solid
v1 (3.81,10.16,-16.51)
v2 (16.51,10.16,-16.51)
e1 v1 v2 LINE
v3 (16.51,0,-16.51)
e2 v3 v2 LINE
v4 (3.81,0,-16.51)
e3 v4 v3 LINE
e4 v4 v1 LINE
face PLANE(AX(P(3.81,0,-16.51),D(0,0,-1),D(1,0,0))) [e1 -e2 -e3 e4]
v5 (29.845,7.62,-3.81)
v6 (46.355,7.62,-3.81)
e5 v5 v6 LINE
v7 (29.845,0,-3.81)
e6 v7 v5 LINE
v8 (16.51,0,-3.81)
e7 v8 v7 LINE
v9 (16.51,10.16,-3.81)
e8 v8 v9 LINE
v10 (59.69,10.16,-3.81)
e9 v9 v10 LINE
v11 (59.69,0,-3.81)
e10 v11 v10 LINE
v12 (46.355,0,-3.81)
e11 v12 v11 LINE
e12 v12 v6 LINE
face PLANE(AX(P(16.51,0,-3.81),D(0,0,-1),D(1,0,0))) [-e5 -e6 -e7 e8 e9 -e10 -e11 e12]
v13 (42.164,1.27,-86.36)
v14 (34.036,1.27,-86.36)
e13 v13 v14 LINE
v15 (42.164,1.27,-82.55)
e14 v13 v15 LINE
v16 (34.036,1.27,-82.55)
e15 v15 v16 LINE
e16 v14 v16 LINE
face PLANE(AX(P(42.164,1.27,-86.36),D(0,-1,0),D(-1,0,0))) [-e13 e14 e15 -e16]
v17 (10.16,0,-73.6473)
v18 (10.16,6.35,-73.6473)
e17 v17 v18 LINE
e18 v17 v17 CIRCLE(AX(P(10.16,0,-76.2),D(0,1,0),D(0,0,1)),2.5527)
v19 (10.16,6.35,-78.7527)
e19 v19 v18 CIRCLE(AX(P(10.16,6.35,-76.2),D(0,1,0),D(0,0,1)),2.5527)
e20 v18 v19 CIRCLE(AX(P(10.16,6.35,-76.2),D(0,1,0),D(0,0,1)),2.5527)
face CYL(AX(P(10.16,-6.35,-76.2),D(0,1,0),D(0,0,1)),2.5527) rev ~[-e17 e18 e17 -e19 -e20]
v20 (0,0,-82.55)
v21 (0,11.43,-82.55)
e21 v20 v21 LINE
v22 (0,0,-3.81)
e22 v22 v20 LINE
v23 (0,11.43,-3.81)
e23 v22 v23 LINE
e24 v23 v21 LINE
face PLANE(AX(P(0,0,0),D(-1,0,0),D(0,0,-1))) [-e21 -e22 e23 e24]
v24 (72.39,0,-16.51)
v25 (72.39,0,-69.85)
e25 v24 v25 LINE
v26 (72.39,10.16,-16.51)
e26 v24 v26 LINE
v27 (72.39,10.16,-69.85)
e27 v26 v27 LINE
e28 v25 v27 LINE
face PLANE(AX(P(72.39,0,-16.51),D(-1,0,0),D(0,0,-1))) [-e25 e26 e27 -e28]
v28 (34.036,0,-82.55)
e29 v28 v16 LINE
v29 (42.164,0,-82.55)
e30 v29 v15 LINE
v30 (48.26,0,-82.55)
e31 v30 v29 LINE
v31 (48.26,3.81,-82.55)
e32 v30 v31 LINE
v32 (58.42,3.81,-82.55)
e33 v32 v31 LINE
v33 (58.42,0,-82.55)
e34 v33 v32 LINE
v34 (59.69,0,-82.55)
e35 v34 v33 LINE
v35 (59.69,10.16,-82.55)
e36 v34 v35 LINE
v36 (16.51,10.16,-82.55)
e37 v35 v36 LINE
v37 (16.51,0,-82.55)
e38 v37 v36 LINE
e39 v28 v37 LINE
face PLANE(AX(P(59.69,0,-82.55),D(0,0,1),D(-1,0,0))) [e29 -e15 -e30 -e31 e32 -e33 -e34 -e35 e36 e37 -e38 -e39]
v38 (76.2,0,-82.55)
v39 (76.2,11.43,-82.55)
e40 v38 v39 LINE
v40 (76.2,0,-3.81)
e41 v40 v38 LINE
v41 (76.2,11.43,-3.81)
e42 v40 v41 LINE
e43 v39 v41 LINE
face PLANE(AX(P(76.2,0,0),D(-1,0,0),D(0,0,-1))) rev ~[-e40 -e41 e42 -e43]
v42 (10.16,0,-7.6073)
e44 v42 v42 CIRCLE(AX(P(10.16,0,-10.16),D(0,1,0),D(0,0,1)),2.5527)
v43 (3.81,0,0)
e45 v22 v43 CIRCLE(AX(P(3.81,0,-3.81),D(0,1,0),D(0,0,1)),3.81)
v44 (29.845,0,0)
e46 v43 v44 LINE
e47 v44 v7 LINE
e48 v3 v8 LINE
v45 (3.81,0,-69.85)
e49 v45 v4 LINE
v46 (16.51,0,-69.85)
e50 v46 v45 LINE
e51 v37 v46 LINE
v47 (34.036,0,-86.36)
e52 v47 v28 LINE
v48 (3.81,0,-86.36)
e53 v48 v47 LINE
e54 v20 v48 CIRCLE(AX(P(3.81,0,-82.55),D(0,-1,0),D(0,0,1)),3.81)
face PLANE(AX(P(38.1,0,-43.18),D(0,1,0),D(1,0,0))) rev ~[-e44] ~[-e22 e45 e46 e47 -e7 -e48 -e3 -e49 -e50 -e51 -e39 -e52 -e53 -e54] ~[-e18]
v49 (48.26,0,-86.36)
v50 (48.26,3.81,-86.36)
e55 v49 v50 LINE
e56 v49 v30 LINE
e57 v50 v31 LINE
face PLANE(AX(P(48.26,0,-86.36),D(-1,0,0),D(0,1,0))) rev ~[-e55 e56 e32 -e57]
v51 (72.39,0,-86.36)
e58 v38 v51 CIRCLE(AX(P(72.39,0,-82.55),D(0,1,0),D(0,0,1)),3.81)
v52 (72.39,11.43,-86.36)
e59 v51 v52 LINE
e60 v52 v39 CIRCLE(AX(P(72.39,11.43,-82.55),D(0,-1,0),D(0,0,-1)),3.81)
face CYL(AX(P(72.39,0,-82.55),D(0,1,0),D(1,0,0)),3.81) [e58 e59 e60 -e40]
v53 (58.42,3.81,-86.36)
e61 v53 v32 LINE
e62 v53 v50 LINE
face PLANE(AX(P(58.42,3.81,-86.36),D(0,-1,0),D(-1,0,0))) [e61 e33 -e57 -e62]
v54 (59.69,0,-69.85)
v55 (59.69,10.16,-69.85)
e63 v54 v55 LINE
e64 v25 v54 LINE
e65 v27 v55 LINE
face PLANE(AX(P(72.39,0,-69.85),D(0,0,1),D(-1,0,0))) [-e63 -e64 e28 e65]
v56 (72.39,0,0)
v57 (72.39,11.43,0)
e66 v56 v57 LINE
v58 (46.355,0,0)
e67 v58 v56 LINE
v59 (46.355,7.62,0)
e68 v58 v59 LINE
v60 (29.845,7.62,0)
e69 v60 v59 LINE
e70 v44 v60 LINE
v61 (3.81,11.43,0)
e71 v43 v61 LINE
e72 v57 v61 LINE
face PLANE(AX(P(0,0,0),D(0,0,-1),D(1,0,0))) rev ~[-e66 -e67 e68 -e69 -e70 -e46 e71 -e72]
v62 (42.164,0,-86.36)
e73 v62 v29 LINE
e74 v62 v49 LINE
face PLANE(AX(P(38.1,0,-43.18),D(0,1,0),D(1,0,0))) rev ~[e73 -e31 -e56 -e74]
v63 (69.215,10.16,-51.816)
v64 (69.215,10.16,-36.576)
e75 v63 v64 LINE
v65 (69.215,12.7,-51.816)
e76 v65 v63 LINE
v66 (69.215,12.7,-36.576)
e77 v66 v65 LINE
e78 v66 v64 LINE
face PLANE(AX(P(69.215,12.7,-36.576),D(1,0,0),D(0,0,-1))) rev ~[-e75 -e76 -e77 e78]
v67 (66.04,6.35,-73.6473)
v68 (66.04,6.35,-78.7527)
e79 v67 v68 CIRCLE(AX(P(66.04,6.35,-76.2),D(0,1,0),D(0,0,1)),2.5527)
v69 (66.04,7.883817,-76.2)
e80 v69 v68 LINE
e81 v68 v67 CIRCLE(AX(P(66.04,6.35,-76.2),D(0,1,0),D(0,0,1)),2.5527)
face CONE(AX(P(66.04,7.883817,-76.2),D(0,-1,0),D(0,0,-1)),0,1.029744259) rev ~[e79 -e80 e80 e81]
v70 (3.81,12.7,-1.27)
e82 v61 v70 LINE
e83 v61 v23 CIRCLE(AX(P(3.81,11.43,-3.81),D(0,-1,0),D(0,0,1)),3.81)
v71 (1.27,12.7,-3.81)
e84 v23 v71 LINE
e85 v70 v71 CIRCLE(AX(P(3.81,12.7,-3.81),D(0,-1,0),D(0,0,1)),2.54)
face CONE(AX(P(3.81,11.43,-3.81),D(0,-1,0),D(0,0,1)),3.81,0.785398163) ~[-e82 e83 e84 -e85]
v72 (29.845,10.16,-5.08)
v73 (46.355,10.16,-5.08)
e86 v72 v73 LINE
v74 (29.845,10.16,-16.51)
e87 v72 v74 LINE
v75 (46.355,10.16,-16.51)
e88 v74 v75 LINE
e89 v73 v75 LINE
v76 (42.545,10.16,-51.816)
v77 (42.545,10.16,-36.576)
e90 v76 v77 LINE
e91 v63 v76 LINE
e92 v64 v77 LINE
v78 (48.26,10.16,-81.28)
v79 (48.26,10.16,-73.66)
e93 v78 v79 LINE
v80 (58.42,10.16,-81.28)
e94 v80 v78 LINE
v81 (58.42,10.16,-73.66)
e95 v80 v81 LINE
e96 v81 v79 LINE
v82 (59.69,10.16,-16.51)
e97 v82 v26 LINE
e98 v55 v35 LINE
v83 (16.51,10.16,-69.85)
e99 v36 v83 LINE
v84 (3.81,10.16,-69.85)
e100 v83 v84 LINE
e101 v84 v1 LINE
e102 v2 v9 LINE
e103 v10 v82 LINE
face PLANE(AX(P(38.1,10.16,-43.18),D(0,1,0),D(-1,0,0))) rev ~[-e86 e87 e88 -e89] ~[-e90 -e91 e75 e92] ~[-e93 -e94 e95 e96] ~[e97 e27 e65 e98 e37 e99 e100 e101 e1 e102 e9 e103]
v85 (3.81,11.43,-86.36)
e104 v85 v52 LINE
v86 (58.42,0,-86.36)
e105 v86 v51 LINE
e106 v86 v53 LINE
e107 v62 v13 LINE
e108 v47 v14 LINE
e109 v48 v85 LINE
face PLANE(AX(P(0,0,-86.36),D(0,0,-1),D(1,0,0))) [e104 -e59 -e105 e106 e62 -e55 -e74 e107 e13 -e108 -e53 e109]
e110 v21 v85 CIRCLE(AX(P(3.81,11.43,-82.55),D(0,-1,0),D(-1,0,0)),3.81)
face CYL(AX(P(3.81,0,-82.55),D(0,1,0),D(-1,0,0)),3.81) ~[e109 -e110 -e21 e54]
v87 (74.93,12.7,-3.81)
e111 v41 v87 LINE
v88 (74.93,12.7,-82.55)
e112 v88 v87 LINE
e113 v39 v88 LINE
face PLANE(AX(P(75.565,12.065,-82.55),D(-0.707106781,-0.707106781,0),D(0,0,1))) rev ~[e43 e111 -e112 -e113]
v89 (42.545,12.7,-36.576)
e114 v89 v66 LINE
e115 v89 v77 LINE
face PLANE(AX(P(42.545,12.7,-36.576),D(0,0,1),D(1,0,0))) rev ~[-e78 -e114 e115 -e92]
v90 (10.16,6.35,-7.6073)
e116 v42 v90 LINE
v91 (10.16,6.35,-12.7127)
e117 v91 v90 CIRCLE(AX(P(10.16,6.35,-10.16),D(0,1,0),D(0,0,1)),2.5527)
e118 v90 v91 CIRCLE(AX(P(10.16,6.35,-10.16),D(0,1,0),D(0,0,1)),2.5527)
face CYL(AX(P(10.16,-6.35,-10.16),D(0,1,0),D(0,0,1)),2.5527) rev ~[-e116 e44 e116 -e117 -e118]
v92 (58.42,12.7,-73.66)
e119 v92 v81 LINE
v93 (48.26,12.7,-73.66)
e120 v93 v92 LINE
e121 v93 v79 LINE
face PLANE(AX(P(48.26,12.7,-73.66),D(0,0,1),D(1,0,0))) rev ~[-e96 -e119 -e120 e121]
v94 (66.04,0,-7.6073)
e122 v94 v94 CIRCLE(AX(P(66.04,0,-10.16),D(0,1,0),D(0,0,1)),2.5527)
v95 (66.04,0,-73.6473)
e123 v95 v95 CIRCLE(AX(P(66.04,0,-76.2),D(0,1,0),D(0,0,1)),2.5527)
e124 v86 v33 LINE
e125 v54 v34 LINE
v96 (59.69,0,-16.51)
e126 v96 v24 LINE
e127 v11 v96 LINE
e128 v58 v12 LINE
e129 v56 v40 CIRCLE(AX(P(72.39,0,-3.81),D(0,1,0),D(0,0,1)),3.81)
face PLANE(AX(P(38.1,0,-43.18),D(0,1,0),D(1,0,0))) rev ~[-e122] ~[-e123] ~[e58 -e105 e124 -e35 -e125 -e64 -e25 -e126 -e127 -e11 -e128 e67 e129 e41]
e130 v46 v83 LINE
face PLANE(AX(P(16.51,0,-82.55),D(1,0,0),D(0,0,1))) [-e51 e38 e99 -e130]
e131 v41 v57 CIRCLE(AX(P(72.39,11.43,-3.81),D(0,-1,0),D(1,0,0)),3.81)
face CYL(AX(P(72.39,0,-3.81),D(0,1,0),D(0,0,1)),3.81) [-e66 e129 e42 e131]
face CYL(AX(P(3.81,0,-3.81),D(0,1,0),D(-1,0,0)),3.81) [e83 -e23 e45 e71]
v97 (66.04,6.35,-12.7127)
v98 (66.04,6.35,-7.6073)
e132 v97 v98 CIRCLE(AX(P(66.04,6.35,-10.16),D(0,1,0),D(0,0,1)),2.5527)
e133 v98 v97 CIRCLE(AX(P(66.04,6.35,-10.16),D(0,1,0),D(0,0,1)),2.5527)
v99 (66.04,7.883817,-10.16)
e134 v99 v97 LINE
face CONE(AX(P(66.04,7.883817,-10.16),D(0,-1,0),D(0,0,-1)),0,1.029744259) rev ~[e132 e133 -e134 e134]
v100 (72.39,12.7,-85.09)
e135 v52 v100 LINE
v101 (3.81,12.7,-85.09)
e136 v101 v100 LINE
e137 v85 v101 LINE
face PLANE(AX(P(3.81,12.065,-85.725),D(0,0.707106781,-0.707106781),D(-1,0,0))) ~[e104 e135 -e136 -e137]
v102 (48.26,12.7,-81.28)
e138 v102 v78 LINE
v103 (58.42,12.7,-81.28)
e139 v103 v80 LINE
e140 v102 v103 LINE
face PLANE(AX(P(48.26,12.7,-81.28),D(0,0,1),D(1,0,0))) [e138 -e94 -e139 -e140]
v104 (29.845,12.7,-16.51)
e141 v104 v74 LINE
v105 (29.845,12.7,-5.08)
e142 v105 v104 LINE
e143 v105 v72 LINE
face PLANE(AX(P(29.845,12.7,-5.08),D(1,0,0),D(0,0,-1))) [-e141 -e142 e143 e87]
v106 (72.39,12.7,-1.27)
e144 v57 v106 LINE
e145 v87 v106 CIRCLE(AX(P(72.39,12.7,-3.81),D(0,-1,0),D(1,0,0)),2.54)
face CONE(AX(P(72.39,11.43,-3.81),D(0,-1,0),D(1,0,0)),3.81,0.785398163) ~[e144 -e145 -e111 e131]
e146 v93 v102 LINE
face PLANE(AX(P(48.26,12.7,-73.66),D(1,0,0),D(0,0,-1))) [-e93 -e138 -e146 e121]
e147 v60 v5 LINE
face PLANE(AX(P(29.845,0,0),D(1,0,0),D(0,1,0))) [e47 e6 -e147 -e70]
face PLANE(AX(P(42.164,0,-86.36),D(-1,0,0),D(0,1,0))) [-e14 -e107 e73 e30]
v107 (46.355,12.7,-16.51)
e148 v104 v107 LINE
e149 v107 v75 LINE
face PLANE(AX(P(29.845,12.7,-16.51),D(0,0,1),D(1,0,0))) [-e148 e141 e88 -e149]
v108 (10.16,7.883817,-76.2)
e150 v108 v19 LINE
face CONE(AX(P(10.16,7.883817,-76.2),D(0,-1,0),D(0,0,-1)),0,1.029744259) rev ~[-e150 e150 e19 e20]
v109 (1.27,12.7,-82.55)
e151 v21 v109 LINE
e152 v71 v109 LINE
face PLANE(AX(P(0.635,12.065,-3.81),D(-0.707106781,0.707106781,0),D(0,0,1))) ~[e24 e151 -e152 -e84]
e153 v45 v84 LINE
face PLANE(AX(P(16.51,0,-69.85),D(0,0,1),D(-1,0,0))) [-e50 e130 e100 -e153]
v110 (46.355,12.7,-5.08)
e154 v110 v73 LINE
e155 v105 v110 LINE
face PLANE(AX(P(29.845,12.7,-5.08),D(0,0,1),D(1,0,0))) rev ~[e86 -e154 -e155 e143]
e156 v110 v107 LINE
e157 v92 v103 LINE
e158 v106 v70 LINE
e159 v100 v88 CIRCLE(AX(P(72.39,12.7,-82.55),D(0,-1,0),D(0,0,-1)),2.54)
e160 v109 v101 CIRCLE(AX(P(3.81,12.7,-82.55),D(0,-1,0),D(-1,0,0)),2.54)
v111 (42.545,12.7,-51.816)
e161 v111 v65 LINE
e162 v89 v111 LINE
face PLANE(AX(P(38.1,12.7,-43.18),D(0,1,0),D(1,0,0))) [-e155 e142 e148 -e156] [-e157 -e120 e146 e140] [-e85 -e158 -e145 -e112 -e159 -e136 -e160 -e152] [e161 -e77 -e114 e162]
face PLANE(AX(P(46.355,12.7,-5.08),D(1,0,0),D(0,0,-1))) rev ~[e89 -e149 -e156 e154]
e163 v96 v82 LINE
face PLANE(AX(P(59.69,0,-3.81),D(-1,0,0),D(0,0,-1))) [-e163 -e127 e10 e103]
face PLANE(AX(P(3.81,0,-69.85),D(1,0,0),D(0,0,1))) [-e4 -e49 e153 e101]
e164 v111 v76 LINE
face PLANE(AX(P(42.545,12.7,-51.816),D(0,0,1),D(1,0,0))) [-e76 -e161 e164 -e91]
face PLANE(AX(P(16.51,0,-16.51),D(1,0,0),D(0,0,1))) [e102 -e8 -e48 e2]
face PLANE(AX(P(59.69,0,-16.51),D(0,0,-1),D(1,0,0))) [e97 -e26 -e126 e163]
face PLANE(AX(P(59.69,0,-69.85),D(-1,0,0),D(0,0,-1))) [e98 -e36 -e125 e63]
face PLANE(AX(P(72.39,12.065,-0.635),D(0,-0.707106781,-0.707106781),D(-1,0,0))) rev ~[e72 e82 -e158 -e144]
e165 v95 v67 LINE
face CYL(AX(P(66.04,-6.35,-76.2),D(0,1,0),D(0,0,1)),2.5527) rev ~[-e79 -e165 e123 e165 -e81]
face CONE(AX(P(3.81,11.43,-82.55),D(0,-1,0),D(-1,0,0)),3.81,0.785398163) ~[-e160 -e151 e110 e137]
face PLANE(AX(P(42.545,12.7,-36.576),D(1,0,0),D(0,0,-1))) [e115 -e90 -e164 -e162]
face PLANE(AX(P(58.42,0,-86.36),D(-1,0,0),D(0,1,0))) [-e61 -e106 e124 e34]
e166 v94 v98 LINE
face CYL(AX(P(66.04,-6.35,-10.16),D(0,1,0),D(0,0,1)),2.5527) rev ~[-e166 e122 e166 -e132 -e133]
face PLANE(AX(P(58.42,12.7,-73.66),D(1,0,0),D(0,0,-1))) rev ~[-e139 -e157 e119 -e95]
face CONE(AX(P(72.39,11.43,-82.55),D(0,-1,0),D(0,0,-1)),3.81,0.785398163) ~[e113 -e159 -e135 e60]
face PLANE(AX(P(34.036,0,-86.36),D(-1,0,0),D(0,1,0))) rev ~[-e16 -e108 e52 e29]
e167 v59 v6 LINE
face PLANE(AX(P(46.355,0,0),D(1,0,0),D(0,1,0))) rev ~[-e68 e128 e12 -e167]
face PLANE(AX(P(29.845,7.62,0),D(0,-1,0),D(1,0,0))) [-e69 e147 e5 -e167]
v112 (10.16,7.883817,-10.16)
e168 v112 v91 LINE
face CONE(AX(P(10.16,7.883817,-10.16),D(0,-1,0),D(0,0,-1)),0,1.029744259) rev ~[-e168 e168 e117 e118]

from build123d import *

# Parameters (mm, degrees)
SKETCH1_W                   = 76.2
SKETCH1_H                   = 86.36
BOSS_EXTRUDE1_DEPTH         = 12.7
FILLET1_R                   = 3.81
CHAMFER1_SIZE               = 1.27
CUT_EXTRUDE1_DEPTH          = 10.16
SKETCH5_W                   = 16.51
SKETCH5_H                   = 11.43
CUT_EXTRUDE2_DEPTH          = 2.54
CUT_EXTRUDE3_REACH          = 117.87
SKETCH6_W                   = 16.51
SKETCH6_H                   = 7.62
CUT_EXTRUDE4_REACH          = 117.87
SKETCH8_W                   = 8.128
SKETCH8_H                   = 1.27
CUT_EXTRUDE5_REACH          = 117.87
SKETCH9_W                   = 10.16
SKETCH9_H                   = 3.81
CUT_EXTRUDE6_REACH          = 117.87
SKETCH10_W                  = 10.16
SKETCH10_H                  = 7.62
CUT_EXTRUDE7_REACH          = 117.87
SKETCH11_W                  = 26.67
SKETCH11_H                  = 15.24
F_1_4_20_TAPPED_HOLE1_D     = 5.1054
F_1_4_20_TAPPED_HOLE1_DEPTH = 6.35
F_1_4_20_TAPPED_HOLE1_TIP   = 1.533816902


with BuildPart() as part:
    # Sketch1 → Boss-Extrude1 (new body)
    with BuildSketch(Plane(origin=(0, 0, 0), x_dir=(1, 0, 0), z_dir=(0, 1, 0))):
        with Locations((38.1, 43.18)):
            Rectangle(SKETCH1_W, SKETCH1_H)
    extrude(amount=BOSS_EXTRUDE1_DEPTH)

    # Fillet1
    fillet1_edges = [part.edges().sort_by_distance(p)[0] for p in [
        (0, 6.35, -86.36),
        (76.2, 6.35, -86.36),
        (76.2, 6.35, 0),
        (0, 6.35, 0),
    ]]
    fillet(fillet1_edges, radius=FILLET1_R)

    # Chamfer1
    chamfer1_edges = [part.edges().sort_by_distance(p)[0] for p in [
        (0, 12.7, -43.18),
        (38.1, 12.7, -86.36),
        (38.1, 12.7, 0),
        (76.2, 12.7, -43.18),
        (1.115923164, 12.7, -1.115923164),
        (75.084076836, 12.7, -1.115923164),
        (75.084076836, 12.7, -85.244076836),
        (1.115923164, 12.7, -85.244076836),
    ]]
    chamfer(chamfer1_edges, length=CHAMFER1_SIZE)

    # Sketch4 → Cut-Extrude1 (cut)
    with BuildSketch(Plane.XZ):
        Polygon((3.81, -16.51), (16.51, -16.51), (16.51, -3.81), (59.69, -3.81), (59.69, -16.51), (72.39, -16.51), (72.39, -69.85), (59.69, -69.85), (59.69, -82.55), (16.51, -82.55), (16.51, -69.85), (3.81, -69.85), align=None)
    extrude(amount=-CUT_EXTRUDE1_DEPTH, mode=Mode.SUBTRACT)

    # Sketch5 → Cut-Extrude2 (cut)
    with BuildSketch(Plane(origin=(0, 12.7, 0), x_dir=(1, 0, 0), z_dir=(0, 1, 0))):
        with Locations((38.1, 10.795)):
            Rectangle(SKETCH5_W, SKETCH5_H)
    extrude(amount=-CUT_EXTRUDE2_DEPTH, mode=Mode.SUBTRACT)

    # Sketch6 → Cut-Extrude3 (cut, up to next)
    with BuildSketch(Plane.XY, mode=Mode.PRIVATE) as cut_extrude3_sk1:
        with Locations((38.1, 3.81)):
            Rectangle(SKETCH6_W, SKETCH6_H)
    cut_extrude3_tool1 = extrude(cut_extrude3_sk1.sketch, amount=-CUT_EXTRUDE3_REACH, mode=Mode.PRIVATE) & part.part
    add(cut_extrude3_tool1.solids().sort_by_distance((38.1, 3.81, 0))[0], mode=Mode.SUBTRACT)

    # Sketch8 → Cut-Extrude4 (cut, up to next)
    with BuildSketch(Plane(origin=(0, 0, -86.36), x_dir=(-1, 0, 0), z_dir=(0, 0, -1)), mode=Mode.PRIVATE) as cut_extrude4_sk1:
        with Locations((-38.1, 0.635)):
            Rectangle(SKETCH8_W, SKETCH8_H)
    cut_extrude4_tool1 = extrude(cut_extrude4_sk1.sketch, amount=-CUT_EXTRUDE4_REACH, mode=Mode.PRIVATE) & part.part
    add(cut_extrude4_tool1.solids().sort_by_distance((38.1, 0.635, -86.36))[0], mode=Mode.SUBTRACT)

    # Sketch9 → Cut-Extrude5 (cut, up to next)
    with BuildSketch(Plane(origin=(0, 0, -86.36), x_dir=(-1, 0, 0), z_dir=(0, 0, -1)), mode=Mode.PRIVATE) as cut_extrude5_sk1:
        with Locations((-53.34, 1.905)):
            Rectangle(SKETCH9_W, SKETCH9_H)
    cut_extrude5_tool1 = extrude(cut_extrude5_sk1.sketch, amount=-CUT_EXTRUDE5_REACH, mode=Mode.PRIVATE) & part.part
    add(cut_extrude5_tool1.solids().sort_by_distance((53.34, 1.905, -86.36))[0], mode=Mode.SUBTRACT)

    # Sketch10 → Cut-Extrude6 (cut, up to next)
    with BuildSketch(Plane(origin=(0, 12.7, 0), x_dir=(1, 0, 0), z_dir=(0, 1, 0)), mode=Mode.PRIVATE) as cut_extrude6_sk1:
        with Locations((53.34, 77.47)):
            Rectangle(SKETCH10_W, SKETCH10_H)
    cut_extrude6_tool1 = extrude(cut_extrude6_sk1.sketch, amount=-CUT_EXTRUDE6_REACH, mode=Mode.PRIVATE) & part.part
    add(cut_extrude6_tool1.solids().sort_by_distance((53.34, 12.7, -77.47))[0], mode=Mode.SUBTRACT)

    # Sketch11 → Cut-Extrude7 (cut, up to next)
    with BuildSketch(Plane(origin=(0, 12.7, 0), x_dir=(1, 0, 0), z_dir=(0, 1, 0)), mode=Mode.PRIVATE) as cut_extrude7_sk1:
        with Locations((55.88, 44.196)):
            Rectangle(SKETCH11_W, SKETCH11_H)
    cut_extrude7_tool1 = extrude(cut_extrude7_sk1.sketch, amount=-CUT_EXTRUDE7_REACH, mode=Mode.PRIVATE) & part.part
    add(cut_extrude7_tool1.solids().sort_by_distance((55.88, 12.7, -44.196))[0], mode=Mode.SUBTRACT)

    # 1/4-20 Tapped Hole1
    with Locations(Plane(origin=(10.16, 0, -10.16), x_dir=(0, 0, -1), z_dir=(0, -1, 0))):
        with Locations((0, 0), (66.04, 0), (66.04, 55.88), (0, 55.88)):
            Hole(F_1_4_20_TAPPED_HOLE1_D / 2, depth=F_1_4_20_TAPPED_HOLE1_DEPTH)
            with Locations((0, 0, -(F_1_4_20_TAPPED_HOLE1_DEPTH + F_1_4_20_TAPPED_HOLE1_TIP / 2))):  # 118° drill point
                Cone(0, F_1_4_20_TAPPED_HOLE1_D / 2, F_1_4_20_TAPPED_HOLE1_TIP, mode=Mode.SUBTRACT)


solid = part.part
